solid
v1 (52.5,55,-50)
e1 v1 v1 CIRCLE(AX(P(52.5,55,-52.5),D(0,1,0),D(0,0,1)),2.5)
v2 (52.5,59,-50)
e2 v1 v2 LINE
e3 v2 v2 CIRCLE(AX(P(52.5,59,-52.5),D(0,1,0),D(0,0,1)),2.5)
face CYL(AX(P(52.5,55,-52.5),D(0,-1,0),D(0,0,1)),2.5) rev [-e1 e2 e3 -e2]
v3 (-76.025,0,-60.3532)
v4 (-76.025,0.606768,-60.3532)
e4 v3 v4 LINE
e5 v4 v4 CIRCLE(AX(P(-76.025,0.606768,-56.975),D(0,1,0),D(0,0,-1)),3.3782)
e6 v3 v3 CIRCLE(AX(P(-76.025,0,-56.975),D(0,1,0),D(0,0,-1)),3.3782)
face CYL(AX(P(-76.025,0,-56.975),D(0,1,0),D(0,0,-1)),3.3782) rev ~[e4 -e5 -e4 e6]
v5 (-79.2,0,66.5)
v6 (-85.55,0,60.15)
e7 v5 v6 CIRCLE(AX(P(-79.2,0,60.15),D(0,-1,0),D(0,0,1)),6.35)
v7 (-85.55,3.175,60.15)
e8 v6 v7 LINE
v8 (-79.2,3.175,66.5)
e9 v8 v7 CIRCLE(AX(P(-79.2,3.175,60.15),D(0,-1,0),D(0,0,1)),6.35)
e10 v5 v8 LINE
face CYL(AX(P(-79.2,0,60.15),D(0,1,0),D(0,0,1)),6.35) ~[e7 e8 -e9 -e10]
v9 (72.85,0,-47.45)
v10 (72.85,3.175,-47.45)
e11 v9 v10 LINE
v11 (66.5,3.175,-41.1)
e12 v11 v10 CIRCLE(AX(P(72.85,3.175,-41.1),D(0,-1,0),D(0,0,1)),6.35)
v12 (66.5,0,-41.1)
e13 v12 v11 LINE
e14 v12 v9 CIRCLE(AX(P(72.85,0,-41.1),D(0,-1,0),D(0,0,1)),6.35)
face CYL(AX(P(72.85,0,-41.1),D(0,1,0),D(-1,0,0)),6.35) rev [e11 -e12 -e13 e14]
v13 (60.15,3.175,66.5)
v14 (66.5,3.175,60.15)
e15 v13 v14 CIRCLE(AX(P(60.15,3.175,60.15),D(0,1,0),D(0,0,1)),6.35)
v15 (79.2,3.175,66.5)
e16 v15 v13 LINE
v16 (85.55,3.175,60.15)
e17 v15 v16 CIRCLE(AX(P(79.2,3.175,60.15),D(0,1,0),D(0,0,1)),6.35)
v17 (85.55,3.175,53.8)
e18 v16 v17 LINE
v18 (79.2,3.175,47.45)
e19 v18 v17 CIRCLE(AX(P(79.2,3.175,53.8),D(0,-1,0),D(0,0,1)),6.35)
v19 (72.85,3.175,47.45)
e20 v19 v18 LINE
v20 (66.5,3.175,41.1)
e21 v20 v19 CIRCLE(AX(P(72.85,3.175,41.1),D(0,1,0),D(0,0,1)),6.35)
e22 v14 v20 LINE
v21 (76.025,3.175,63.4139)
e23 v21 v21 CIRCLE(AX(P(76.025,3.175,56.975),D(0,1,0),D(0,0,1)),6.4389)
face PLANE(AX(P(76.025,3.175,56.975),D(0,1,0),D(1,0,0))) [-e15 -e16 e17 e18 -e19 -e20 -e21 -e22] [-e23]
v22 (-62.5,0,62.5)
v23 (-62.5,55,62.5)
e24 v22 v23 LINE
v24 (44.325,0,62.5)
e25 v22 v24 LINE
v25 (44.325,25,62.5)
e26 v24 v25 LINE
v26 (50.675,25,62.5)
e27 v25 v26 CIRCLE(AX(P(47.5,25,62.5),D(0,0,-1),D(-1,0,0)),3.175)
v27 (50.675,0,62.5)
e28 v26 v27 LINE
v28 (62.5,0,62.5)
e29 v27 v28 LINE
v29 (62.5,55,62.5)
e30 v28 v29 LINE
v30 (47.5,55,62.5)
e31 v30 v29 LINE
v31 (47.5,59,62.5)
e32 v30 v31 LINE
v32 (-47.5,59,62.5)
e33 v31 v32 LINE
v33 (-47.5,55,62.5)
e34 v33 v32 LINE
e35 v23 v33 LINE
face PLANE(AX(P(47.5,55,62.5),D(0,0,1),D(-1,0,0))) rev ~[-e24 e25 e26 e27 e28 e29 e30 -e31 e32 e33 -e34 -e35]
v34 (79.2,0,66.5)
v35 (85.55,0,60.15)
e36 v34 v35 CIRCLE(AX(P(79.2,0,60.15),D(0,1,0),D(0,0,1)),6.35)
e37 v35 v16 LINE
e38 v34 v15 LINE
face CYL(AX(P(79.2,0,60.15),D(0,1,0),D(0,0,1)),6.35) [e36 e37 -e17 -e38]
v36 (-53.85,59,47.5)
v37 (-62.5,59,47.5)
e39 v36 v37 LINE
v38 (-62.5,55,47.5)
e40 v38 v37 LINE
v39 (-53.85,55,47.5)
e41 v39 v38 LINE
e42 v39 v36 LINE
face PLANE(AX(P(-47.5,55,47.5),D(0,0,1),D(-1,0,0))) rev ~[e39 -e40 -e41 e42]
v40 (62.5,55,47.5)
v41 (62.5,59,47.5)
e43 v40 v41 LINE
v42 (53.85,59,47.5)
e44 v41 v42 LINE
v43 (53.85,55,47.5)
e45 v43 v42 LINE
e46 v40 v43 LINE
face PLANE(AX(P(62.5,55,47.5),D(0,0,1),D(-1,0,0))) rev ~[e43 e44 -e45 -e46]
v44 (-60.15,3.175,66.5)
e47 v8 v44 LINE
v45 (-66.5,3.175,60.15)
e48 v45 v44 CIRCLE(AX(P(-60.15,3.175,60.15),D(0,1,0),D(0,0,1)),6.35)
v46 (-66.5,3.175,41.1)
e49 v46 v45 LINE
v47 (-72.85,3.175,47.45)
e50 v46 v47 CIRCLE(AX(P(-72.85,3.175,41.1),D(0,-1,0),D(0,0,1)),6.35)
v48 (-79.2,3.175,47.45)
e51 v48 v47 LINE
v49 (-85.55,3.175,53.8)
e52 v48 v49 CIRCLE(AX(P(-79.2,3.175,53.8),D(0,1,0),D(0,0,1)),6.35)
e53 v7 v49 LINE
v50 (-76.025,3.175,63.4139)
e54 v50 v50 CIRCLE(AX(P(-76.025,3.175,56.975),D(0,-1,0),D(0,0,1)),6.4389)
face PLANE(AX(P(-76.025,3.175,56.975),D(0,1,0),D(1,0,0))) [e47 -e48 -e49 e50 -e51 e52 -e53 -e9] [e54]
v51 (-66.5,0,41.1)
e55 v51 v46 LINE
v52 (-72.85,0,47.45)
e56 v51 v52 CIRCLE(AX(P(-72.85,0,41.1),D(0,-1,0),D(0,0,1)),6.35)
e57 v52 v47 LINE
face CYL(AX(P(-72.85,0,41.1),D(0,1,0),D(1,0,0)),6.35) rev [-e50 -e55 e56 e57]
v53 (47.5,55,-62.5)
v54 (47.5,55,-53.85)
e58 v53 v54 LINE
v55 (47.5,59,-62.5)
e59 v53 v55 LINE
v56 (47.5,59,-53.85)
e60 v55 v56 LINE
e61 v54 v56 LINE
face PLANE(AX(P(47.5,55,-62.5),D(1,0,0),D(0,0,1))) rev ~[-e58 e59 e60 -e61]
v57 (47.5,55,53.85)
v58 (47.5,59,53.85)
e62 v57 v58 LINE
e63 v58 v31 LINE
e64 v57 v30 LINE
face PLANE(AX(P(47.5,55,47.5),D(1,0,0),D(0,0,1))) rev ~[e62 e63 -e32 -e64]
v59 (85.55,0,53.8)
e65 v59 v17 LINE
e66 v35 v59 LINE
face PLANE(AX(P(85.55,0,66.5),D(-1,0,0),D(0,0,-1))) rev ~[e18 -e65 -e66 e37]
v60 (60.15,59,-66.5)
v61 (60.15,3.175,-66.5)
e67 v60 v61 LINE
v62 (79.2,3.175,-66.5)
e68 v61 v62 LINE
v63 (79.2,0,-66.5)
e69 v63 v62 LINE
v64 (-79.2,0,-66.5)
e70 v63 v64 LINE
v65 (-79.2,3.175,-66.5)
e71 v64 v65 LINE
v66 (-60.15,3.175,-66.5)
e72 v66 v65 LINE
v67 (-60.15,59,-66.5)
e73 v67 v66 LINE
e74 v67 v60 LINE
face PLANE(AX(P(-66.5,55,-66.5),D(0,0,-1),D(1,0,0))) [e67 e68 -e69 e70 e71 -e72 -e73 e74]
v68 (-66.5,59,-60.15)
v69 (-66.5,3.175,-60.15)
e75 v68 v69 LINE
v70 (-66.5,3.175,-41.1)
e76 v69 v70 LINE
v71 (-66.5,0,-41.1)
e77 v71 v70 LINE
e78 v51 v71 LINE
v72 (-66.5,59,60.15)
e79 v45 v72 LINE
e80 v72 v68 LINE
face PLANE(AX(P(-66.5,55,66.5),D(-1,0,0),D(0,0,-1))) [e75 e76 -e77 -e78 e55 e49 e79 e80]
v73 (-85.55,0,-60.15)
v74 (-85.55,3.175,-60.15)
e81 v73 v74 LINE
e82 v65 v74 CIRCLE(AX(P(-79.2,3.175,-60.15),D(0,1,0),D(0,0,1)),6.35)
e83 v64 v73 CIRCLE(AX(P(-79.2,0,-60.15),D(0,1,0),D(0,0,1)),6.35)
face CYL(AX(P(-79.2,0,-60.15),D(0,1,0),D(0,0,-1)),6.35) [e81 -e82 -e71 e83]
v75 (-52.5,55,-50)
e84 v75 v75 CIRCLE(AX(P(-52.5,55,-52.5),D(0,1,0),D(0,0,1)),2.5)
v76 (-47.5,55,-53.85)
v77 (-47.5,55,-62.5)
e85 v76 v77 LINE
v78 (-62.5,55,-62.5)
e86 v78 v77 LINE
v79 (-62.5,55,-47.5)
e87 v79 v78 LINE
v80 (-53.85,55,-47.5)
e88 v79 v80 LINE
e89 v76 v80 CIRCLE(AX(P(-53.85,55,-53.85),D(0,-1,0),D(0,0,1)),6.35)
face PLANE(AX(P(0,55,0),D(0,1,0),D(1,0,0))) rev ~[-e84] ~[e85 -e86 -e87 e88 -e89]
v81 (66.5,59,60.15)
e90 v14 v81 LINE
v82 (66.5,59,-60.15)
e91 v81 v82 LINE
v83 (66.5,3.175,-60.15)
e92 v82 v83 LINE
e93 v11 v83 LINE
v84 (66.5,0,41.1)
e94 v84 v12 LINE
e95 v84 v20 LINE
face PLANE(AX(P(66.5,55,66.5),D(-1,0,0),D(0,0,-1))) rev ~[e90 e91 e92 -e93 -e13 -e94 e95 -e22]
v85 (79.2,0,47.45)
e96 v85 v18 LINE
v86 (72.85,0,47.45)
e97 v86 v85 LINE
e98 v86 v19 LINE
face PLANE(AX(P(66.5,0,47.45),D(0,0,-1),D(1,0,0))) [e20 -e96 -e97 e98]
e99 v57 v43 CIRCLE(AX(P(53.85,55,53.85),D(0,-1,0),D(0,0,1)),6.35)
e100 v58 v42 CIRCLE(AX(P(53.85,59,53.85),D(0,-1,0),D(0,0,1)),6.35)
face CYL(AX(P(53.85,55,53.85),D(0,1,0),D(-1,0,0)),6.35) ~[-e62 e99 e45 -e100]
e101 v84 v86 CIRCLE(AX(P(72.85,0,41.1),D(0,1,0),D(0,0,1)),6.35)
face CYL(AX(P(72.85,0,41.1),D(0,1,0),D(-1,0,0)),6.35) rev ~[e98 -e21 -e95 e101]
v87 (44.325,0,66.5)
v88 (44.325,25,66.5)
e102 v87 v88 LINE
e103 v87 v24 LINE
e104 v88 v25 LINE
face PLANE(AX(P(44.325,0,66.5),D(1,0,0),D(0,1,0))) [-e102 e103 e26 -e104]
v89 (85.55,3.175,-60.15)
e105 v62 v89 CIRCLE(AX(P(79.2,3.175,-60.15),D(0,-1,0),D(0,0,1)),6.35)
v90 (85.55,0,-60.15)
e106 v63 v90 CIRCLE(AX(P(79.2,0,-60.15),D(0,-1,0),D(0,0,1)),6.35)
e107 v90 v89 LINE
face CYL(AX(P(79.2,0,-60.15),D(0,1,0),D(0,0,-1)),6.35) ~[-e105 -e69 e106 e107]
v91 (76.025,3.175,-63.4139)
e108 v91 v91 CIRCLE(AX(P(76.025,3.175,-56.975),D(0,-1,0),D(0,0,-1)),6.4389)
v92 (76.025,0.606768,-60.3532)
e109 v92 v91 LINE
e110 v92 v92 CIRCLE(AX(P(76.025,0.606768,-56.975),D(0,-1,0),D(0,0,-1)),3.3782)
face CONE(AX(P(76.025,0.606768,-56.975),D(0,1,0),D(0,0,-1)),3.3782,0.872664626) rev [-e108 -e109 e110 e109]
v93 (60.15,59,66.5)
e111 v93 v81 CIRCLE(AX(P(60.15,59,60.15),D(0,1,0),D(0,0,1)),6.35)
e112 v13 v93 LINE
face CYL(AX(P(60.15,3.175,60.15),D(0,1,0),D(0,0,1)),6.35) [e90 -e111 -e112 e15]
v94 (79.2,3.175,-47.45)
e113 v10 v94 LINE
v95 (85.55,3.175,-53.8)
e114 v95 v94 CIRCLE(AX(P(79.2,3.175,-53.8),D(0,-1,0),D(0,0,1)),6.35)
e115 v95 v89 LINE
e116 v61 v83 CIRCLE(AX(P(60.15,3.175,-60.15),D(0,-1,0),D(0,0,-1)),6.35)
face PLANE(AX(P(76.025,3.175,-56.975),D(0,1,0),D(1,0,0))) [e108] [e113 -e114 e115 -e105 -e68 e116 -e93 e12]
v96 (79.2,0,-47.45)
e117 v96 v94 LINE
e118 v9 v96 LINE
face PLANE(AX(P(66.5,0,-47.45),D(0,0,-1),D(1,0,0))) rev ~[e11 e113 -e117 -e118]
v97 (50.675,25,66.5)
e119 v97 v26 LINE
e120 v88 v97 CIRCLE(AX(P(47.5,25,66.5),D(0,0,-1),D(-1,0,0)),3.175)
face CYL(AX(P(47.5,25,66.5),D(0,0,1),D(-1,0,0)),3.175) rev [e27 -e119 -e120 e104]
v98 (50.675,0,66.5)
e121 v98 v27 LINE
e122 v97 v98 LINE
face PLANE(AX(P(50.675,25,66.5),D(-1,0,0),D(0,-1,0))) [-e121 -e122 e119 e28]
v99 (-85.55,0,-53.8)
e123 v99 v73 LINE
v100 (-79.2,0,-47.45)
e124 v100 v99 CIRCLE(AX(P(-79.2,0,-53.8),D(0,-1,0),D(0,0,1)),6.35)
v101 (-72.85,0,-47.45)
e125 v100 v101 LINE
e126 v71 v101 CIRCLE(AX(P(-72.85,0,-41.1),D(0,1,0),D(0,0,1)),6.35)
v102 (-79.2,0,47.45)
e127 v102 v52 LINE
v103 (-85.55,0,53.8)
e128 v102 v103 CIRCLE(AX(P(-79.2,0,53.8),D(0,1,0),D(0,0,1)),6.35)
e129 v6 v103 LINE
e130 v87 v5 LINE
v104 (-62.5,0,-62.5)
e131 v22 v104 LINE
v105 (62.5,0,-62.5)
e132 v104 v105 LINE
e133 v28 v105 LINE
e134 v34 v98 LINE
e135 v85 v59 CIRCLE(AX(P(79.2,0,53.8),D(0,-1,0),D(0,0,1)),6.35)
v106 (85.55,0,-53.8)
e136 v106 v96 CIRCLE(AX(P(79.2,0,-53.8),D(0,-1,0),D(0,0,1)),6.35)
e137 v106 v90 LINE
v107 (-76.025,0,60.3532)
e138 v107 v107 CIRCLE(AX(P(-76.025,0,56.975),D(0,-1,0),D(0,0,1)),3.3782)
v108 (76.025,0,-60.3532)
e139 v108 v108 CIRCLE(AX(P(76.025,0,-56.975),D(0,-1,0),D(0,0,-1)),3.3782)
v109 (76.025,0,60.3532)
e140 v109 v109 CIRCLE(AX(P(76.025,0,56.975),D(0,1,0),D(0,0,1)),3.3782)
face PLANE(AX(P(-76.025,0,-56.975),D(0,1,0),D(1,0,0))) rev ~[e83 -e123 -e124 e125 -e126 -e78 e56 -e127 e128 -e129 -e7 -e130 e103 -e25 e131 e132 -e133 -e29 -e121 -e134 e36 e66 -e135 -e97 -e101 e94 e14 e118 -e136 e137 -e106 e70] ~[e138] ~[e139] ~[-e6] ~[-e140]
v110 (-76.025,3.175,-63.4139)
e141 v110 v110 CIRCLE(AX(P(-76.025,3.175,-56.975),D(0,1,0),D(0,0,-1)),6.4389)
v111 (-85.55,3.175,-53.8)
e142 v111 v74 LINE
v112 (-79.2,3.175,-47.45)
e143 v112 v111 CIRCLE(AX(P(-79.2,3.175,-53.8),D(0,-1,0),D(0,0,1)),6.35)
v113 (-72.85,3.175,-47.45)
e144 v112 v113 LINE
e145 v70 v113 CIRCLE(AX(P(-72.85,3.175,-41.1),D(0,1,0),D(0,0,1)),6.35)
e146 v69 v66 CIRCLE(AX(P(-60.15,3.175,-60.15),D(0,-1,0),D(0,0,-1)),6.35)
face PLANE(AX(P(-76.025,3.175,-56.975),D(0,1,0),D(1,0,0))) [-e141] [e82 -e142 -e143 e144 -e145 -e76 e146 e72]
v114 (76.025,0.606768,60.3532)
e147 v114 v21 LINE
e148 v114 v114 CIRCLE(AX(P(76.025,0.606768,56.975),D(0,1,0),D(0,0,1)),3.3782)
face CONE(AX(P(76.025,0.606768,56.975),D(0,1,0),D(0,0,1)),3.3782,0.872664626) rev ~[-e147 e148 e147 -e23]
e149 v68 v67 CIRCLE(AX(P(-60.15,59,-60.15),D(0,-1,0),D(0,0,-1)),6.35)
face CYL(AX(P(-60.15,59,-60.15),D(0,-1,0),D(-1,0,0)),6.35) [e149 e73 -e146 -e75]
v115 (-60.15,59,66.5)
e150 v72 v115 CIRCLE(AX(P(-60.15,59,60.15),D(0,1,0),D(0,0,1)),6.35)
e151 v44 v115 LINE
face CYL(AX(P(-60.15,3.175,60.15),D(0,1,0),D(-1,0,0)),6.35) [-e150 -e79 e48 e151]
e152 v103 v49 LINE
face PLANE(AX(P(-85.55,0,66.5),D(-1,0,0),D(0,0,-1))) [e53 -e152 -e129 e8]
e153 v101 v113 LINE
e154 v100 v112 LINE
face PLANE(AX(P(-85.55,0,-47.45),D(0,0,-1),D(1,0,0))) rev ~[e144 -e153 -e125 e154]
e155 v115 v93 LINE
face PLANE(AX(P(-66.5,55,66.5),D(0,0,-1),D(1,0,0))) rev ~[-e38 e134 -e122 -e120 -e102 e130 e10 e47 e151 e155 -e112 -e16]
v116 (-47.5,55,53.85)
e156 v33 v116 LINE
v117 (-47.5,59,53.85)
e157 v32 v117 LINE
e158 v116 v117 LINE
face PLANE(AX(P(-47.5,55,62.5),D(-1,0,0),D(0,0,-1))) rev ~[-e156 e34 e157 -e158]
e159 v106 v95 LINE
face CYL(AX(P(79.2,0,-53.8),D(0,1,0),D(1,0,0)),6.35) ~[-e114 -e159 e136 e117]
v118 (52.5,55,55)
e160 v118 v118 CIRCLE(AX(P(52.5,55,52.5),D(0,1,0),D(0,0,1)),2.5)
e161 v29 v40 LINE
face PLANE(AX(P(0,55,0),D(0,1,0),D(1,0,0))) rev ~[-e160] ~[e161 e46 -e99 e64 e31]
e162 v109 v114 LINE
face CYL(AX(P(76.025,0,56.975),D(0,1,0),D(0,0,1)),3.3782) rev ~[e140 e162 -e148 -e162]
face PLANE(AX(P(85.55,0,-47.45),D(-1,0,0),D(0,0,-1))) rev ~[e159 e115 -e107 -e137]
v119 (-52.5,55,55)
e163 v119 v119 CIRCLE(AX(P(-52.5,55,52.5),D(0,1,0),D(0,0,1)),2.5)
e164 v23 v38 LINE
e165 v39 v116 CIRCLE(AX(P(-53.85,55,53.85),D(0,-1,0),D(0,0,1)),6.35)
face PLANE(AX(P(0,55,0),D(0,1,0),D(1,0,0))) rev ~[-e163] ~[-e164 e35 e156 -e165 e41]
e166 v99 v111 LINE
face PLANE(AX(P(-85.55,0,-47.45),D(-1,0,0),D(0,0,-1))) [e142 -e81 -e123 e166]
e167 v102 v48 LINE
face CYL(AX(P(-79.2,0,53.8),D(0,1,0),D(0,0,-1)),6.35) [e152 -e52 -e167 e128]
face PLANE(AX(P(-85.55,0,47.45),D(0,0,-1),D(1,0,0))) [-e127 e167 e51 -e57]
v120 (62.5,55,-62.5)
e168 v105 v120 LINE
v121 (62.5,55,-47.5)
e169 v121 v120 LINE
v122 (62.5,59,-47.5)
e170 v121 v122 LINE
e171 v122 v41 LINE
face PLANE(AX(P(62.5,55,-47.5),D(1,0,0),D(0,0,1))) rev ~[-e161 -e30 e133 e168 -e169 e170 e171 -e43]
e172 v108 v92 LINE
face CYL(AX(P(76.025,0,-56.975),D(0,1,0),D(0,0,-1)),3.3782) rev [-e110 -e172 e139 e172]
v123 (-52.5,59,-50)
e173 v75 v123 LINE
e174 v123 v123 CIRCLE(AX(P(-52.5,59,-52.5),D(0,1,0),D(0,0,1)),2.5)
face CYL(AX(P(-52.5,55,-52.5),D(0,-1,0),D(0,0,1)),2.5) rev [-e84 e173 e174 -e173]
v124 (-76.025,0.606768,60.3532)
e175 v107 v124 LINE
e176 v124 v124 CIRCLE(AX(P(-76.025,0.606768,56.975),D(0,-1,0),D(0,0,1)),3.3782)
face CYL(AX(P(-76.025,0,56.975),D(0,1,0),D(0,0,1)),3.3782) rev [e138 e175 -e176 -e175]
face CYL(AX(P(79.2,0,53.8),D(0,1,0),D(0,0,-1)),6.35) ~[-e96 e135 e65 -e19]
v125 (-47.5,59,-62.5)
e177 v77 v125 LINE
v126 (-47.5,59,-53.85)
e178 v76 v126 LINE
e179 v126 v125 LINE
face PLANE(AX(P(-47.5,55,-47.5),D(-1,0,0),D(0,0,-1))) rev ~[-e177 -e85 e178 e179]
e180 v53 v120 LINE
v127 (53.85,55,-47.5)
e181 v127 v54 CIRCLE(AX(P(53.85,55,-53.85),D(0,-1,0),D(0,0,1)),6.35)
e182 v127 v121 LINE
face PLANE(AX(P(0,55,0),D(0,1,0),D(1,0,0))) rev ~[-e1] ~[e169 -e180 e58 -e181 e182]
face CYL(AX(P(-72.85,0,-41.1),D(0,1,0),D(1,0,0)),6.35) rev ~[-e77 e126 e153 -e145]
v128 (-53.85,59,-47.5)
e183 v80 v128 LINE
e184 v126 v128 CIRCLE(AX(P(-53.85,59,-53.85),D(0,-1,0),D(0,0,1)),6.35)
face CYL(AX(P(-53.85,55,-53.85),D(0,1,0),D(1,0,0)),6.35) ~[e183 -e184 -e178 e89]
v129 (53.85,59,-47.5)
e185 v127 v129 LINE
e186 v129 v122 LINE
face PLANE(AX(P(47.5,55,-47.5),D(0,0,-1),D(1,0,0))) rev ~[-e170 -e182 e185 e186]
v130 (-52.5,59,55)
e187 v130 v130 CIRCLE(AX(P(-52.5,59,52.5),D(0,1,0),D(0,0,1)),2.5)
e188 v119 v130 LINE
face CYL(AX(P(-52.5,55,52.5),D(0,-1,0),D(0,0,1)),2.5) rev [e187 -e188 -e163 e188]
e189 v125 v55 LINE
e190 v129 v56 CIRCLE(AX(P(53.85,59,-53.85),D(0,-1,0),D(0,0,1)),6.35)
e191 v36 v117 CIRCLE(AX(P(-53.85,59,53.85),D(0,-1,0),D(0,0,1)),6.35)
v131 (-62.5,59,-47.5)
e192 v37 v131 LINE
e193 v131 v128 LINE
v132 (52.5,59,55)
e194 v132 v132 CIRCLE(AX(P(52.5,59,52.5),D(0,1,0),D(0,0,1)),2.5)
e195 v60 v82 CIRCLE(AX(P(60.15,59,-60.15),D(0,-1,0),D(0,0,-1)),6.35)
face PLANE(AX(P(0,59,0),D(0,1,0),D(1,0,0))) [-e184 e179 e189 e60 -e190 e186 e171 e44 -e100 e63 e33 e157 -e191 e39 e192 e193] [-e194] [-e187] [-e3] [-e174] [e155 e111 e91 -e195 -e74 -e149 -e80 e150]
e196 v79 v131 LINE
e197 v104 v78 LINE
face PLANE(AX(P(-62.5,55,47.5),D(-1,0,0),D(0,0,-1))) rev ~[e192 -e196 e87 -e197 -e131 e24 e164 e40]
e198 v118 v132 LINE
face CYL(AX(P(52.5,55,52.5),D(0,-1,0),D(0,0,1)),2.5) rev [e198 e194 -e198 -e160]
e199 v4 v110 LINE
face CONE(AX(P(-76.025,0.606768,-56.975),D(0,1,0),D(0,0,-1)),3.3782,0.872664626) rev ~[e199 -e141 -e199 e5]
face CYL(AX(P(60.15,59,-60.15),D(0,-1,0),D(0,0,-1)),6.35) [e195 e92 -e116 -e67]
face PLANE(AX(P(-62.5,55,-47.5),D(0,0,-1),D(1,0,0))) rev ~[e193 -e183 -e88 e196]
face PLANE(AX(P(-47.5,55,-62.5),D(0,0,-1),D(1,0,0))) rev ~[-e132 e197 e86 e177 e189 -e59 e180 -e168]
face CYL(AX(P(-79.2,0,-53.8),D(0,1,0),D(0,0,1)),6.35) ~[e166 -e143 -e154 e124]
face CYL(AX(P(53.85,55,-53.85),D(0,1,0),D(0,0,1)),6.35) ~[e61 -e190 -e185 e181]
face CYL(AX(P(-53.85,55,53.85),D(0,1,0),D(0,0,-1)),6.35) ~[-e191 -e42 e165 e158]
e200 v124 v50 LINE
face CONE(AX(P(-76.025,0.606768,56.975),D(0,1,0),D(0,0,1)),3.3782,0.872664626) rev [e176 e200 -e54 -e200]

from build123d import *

# Parameters (mm, degrees)
SKETCH1_W           = 133
SKETCH1_H           = 133
SKETCH1_W_2         = 125
SKETCH1_H_2         = 125
BOSS_EXTRUDE1_DEPTH = 55
SKETCH1_3_W         = 19.05
SKETCH1_3_H         = 19.05
BOSS_EXTRUDE2_DEPTH = 3.175
SKETCH2_W           = 133
SKETCH2_H           = 133
SKETCH2_R           = 2.5
BOSS_EXTRUDE3_DEPTH = 4
FILLET1_R           = 6.35
CUT_EXTRUDE1_DEPTH  = 4


with BuildPart() as part:
    # Sketch1 → Boss-Extrude1 (new body)
    with BuildSketch(Plane(origin=(0, 0, 0), x_dir=(1, 0, 0), z_dir=(0, 1, 0))):
        Rectangle(SKETCH1_W, SKETCH1_H)
        Rectangle(SKETCH1_W_2, SKETCH1_H_2, mode=Mode.SUBTRACT)
    extrude(amount=BOSS_EXTRUDE1_DEPTH)

    # Sketch1<3> → Boss-Extrude2 (add)
    with BuildSketch(Plane(origin=(0, 0, 0), x_dir=(1, 0, 0), z_dir=(0, 1, 0))):
        with Locations((-76.025, 56.975)):
            Rectangle(SKETCH1_3_W, SKETCH1_3_H)
        with Locations((-76.025, -56.975)):
            Rectangle(SKETCH1_3_W, SKETCH1_3_H)
        with Locations((76.025, -56.975)):
            Rectangle(SKETCH1_3_W, SKETCH1_3_H)
        with Locations((76.025, 56.975)):
            Rectangle(SKETCH1_3_W, SKETCH1_3_H)
    extrude(amount=BOSS_EXTRUDE2_DEPTH)

    # Sketch2 → Boss-Extrude3 (add)
    with BuildSketch(Plane(origin=(0, 55, 0), x_dir=(1, 0, 0), z_dir=(0, 1, 0))):
        Rectangle(SKETCH2_W, SKETCH2_H)
        with Locations(Location((-52.5, 52.5, 0), (0, 0, 270))):
            Circle(SKETCH2_R, mode=Mode.SUBTRACT)
        with Locations(Location((52.5, 52.5, 0), (0, 0, 270))):
            Circle(SKETCH2_R, mode=Mode.SUBTRACT)
        with Locations(Location((52.5, -52.5, 0), (0, 0, 270))):
            Circle(SKETCH2_R, mode=Mode.SUBTRACT)
        with Locations(Location((-52.5, -52.5, 0), (0, 0, 270))):
            Circle(SKETCH2_R, mode=Mode.SUBTRACT)
        Polygon((-62.5, 47.5), (-47.5, 47.5), (-47.5, 62.5), (47.5, 62.5), (47.5, 47.5), (62.5, 47.5), (62.5, -47.5), (47.5, -47.5), (47.5, -62.5), (-47.5, -62.5), (-47.5, -47.5), (-62.5, -47.5), align=None, mode=Mode.SUBTRACT)
    extrude(amount=BOSS_EXTRUDE3_DEPTH)

    # Sketch5 → CSK for 1/4 Flat Head Machine Screw (100)1 (revolve, cut)
    with BuildSketch(Plane(origin=(-76.025, 3.175, 56.975), x_dir=(0, 0, 1), z_dir=(1, 0, 0))):
        Polygon((0, 0), (0, 3.175), (3.3782, 3.175), (3.3782, 2.568232241), (6.4389, 0), align=None)
    csk_for_1_4_flat_head_machine_screw_100 = revolve(axis=Axis((-76.025, 9.525, 56.975), (0, -1, 0)), mode=Mode.SUBTRACT)

    # Mirror1: CSK for 1/4 Flat Head Machine Screw (100)1 across plane
    add(csk_for_1_4_flat_head_machine_screw_100.mirror(Plane.XY), mode=Mode.SUBTRACT)

    # Mirror1 at the second plane: CSK for 1/4 Flat Head Machine Screw (100)1 across plane
    add(csk_for_1_4_flat_head_machine_screw_100.mirror(Plane(origin=(0, 0, 0), x_dir=(0, 0, 1), z_dir=(1, 0, 0))), mode=Mode.SUBTRACT)

    # Mirror1 at the second plane copy 1 sketc → Mirror1 at the second plane copy 1 (revolve, cut)
    with BuildSketch(Plane(origin=(76.025, 3.175, -56.975), x_dir=(0, 0, -1), z_dir=(-1, 0, 0))):
        Polygon((0, 0), (0, 3.175), (3.3782, 3.175), (3.3782, 2.568232241), (6.4389, 0), align=None)
    revolve(axis=Axis((76.025, 9.525, -56.975), (0, -1, 0)), mode=Mode.SUBTRACT)

    # Fillet1
    fillet1_edges = [part.edges().sort_by_distance(p)[0] for p in [
        (-66.5, 31.0875, 66.5),
        (-66.5, 31.0875, -66.5),
        (66.5, 31.0875, -66.5),
        (66.5, 31.0875, 66.5),
        (-85.55, 1.5875, -66.5),
        (-85.55, 1.5875, -47.45),
        (-66.5, 1.5875, -47.45),
        (-85.55, 1.5875, 66.5),
        (-66.5, 1.5875, 47.45),
        (-85.55, 1.5875, 47.45),
        (85.55, 1.5875, 47.45),
        (66.5, 1.5875, 47.45),
        (85.55, 1.5875, 66.5),
        (85.55, 1.5875, -66.5),
        (66.5, 1.5875, -47.45),
        (85.55, 1.5875, -47.45),
        (-47.5, 57, -47.5),
        (-47.5, 57, 47.5),
        (47.5, 57, 47.5),
        (47.5, 57, -47.5),
    ]]
    fillet(fillet1_edges, radius=FILLET1_R)

    # Sketch6 → Cut-Extrude1 (cut)
    with BuildSketch(Plane.XY.offset(66.5)):
        with BuildLine():
            Line((44.325, 0), (44.325, 25))
            ThreePointArc((44.325, 25), (47.5, 28.175), (50.675, 25))
            Line((50.675, 25), (50.675, 0))
            ThreePointArc((50.675, 0), (47.5, -3.175), (44.325, 0))
        make_face()
    extrude(amount=-CUT_EXTRUDE1_DEPTH, mode=Mode.SUBTRACT)


solid = part.part
